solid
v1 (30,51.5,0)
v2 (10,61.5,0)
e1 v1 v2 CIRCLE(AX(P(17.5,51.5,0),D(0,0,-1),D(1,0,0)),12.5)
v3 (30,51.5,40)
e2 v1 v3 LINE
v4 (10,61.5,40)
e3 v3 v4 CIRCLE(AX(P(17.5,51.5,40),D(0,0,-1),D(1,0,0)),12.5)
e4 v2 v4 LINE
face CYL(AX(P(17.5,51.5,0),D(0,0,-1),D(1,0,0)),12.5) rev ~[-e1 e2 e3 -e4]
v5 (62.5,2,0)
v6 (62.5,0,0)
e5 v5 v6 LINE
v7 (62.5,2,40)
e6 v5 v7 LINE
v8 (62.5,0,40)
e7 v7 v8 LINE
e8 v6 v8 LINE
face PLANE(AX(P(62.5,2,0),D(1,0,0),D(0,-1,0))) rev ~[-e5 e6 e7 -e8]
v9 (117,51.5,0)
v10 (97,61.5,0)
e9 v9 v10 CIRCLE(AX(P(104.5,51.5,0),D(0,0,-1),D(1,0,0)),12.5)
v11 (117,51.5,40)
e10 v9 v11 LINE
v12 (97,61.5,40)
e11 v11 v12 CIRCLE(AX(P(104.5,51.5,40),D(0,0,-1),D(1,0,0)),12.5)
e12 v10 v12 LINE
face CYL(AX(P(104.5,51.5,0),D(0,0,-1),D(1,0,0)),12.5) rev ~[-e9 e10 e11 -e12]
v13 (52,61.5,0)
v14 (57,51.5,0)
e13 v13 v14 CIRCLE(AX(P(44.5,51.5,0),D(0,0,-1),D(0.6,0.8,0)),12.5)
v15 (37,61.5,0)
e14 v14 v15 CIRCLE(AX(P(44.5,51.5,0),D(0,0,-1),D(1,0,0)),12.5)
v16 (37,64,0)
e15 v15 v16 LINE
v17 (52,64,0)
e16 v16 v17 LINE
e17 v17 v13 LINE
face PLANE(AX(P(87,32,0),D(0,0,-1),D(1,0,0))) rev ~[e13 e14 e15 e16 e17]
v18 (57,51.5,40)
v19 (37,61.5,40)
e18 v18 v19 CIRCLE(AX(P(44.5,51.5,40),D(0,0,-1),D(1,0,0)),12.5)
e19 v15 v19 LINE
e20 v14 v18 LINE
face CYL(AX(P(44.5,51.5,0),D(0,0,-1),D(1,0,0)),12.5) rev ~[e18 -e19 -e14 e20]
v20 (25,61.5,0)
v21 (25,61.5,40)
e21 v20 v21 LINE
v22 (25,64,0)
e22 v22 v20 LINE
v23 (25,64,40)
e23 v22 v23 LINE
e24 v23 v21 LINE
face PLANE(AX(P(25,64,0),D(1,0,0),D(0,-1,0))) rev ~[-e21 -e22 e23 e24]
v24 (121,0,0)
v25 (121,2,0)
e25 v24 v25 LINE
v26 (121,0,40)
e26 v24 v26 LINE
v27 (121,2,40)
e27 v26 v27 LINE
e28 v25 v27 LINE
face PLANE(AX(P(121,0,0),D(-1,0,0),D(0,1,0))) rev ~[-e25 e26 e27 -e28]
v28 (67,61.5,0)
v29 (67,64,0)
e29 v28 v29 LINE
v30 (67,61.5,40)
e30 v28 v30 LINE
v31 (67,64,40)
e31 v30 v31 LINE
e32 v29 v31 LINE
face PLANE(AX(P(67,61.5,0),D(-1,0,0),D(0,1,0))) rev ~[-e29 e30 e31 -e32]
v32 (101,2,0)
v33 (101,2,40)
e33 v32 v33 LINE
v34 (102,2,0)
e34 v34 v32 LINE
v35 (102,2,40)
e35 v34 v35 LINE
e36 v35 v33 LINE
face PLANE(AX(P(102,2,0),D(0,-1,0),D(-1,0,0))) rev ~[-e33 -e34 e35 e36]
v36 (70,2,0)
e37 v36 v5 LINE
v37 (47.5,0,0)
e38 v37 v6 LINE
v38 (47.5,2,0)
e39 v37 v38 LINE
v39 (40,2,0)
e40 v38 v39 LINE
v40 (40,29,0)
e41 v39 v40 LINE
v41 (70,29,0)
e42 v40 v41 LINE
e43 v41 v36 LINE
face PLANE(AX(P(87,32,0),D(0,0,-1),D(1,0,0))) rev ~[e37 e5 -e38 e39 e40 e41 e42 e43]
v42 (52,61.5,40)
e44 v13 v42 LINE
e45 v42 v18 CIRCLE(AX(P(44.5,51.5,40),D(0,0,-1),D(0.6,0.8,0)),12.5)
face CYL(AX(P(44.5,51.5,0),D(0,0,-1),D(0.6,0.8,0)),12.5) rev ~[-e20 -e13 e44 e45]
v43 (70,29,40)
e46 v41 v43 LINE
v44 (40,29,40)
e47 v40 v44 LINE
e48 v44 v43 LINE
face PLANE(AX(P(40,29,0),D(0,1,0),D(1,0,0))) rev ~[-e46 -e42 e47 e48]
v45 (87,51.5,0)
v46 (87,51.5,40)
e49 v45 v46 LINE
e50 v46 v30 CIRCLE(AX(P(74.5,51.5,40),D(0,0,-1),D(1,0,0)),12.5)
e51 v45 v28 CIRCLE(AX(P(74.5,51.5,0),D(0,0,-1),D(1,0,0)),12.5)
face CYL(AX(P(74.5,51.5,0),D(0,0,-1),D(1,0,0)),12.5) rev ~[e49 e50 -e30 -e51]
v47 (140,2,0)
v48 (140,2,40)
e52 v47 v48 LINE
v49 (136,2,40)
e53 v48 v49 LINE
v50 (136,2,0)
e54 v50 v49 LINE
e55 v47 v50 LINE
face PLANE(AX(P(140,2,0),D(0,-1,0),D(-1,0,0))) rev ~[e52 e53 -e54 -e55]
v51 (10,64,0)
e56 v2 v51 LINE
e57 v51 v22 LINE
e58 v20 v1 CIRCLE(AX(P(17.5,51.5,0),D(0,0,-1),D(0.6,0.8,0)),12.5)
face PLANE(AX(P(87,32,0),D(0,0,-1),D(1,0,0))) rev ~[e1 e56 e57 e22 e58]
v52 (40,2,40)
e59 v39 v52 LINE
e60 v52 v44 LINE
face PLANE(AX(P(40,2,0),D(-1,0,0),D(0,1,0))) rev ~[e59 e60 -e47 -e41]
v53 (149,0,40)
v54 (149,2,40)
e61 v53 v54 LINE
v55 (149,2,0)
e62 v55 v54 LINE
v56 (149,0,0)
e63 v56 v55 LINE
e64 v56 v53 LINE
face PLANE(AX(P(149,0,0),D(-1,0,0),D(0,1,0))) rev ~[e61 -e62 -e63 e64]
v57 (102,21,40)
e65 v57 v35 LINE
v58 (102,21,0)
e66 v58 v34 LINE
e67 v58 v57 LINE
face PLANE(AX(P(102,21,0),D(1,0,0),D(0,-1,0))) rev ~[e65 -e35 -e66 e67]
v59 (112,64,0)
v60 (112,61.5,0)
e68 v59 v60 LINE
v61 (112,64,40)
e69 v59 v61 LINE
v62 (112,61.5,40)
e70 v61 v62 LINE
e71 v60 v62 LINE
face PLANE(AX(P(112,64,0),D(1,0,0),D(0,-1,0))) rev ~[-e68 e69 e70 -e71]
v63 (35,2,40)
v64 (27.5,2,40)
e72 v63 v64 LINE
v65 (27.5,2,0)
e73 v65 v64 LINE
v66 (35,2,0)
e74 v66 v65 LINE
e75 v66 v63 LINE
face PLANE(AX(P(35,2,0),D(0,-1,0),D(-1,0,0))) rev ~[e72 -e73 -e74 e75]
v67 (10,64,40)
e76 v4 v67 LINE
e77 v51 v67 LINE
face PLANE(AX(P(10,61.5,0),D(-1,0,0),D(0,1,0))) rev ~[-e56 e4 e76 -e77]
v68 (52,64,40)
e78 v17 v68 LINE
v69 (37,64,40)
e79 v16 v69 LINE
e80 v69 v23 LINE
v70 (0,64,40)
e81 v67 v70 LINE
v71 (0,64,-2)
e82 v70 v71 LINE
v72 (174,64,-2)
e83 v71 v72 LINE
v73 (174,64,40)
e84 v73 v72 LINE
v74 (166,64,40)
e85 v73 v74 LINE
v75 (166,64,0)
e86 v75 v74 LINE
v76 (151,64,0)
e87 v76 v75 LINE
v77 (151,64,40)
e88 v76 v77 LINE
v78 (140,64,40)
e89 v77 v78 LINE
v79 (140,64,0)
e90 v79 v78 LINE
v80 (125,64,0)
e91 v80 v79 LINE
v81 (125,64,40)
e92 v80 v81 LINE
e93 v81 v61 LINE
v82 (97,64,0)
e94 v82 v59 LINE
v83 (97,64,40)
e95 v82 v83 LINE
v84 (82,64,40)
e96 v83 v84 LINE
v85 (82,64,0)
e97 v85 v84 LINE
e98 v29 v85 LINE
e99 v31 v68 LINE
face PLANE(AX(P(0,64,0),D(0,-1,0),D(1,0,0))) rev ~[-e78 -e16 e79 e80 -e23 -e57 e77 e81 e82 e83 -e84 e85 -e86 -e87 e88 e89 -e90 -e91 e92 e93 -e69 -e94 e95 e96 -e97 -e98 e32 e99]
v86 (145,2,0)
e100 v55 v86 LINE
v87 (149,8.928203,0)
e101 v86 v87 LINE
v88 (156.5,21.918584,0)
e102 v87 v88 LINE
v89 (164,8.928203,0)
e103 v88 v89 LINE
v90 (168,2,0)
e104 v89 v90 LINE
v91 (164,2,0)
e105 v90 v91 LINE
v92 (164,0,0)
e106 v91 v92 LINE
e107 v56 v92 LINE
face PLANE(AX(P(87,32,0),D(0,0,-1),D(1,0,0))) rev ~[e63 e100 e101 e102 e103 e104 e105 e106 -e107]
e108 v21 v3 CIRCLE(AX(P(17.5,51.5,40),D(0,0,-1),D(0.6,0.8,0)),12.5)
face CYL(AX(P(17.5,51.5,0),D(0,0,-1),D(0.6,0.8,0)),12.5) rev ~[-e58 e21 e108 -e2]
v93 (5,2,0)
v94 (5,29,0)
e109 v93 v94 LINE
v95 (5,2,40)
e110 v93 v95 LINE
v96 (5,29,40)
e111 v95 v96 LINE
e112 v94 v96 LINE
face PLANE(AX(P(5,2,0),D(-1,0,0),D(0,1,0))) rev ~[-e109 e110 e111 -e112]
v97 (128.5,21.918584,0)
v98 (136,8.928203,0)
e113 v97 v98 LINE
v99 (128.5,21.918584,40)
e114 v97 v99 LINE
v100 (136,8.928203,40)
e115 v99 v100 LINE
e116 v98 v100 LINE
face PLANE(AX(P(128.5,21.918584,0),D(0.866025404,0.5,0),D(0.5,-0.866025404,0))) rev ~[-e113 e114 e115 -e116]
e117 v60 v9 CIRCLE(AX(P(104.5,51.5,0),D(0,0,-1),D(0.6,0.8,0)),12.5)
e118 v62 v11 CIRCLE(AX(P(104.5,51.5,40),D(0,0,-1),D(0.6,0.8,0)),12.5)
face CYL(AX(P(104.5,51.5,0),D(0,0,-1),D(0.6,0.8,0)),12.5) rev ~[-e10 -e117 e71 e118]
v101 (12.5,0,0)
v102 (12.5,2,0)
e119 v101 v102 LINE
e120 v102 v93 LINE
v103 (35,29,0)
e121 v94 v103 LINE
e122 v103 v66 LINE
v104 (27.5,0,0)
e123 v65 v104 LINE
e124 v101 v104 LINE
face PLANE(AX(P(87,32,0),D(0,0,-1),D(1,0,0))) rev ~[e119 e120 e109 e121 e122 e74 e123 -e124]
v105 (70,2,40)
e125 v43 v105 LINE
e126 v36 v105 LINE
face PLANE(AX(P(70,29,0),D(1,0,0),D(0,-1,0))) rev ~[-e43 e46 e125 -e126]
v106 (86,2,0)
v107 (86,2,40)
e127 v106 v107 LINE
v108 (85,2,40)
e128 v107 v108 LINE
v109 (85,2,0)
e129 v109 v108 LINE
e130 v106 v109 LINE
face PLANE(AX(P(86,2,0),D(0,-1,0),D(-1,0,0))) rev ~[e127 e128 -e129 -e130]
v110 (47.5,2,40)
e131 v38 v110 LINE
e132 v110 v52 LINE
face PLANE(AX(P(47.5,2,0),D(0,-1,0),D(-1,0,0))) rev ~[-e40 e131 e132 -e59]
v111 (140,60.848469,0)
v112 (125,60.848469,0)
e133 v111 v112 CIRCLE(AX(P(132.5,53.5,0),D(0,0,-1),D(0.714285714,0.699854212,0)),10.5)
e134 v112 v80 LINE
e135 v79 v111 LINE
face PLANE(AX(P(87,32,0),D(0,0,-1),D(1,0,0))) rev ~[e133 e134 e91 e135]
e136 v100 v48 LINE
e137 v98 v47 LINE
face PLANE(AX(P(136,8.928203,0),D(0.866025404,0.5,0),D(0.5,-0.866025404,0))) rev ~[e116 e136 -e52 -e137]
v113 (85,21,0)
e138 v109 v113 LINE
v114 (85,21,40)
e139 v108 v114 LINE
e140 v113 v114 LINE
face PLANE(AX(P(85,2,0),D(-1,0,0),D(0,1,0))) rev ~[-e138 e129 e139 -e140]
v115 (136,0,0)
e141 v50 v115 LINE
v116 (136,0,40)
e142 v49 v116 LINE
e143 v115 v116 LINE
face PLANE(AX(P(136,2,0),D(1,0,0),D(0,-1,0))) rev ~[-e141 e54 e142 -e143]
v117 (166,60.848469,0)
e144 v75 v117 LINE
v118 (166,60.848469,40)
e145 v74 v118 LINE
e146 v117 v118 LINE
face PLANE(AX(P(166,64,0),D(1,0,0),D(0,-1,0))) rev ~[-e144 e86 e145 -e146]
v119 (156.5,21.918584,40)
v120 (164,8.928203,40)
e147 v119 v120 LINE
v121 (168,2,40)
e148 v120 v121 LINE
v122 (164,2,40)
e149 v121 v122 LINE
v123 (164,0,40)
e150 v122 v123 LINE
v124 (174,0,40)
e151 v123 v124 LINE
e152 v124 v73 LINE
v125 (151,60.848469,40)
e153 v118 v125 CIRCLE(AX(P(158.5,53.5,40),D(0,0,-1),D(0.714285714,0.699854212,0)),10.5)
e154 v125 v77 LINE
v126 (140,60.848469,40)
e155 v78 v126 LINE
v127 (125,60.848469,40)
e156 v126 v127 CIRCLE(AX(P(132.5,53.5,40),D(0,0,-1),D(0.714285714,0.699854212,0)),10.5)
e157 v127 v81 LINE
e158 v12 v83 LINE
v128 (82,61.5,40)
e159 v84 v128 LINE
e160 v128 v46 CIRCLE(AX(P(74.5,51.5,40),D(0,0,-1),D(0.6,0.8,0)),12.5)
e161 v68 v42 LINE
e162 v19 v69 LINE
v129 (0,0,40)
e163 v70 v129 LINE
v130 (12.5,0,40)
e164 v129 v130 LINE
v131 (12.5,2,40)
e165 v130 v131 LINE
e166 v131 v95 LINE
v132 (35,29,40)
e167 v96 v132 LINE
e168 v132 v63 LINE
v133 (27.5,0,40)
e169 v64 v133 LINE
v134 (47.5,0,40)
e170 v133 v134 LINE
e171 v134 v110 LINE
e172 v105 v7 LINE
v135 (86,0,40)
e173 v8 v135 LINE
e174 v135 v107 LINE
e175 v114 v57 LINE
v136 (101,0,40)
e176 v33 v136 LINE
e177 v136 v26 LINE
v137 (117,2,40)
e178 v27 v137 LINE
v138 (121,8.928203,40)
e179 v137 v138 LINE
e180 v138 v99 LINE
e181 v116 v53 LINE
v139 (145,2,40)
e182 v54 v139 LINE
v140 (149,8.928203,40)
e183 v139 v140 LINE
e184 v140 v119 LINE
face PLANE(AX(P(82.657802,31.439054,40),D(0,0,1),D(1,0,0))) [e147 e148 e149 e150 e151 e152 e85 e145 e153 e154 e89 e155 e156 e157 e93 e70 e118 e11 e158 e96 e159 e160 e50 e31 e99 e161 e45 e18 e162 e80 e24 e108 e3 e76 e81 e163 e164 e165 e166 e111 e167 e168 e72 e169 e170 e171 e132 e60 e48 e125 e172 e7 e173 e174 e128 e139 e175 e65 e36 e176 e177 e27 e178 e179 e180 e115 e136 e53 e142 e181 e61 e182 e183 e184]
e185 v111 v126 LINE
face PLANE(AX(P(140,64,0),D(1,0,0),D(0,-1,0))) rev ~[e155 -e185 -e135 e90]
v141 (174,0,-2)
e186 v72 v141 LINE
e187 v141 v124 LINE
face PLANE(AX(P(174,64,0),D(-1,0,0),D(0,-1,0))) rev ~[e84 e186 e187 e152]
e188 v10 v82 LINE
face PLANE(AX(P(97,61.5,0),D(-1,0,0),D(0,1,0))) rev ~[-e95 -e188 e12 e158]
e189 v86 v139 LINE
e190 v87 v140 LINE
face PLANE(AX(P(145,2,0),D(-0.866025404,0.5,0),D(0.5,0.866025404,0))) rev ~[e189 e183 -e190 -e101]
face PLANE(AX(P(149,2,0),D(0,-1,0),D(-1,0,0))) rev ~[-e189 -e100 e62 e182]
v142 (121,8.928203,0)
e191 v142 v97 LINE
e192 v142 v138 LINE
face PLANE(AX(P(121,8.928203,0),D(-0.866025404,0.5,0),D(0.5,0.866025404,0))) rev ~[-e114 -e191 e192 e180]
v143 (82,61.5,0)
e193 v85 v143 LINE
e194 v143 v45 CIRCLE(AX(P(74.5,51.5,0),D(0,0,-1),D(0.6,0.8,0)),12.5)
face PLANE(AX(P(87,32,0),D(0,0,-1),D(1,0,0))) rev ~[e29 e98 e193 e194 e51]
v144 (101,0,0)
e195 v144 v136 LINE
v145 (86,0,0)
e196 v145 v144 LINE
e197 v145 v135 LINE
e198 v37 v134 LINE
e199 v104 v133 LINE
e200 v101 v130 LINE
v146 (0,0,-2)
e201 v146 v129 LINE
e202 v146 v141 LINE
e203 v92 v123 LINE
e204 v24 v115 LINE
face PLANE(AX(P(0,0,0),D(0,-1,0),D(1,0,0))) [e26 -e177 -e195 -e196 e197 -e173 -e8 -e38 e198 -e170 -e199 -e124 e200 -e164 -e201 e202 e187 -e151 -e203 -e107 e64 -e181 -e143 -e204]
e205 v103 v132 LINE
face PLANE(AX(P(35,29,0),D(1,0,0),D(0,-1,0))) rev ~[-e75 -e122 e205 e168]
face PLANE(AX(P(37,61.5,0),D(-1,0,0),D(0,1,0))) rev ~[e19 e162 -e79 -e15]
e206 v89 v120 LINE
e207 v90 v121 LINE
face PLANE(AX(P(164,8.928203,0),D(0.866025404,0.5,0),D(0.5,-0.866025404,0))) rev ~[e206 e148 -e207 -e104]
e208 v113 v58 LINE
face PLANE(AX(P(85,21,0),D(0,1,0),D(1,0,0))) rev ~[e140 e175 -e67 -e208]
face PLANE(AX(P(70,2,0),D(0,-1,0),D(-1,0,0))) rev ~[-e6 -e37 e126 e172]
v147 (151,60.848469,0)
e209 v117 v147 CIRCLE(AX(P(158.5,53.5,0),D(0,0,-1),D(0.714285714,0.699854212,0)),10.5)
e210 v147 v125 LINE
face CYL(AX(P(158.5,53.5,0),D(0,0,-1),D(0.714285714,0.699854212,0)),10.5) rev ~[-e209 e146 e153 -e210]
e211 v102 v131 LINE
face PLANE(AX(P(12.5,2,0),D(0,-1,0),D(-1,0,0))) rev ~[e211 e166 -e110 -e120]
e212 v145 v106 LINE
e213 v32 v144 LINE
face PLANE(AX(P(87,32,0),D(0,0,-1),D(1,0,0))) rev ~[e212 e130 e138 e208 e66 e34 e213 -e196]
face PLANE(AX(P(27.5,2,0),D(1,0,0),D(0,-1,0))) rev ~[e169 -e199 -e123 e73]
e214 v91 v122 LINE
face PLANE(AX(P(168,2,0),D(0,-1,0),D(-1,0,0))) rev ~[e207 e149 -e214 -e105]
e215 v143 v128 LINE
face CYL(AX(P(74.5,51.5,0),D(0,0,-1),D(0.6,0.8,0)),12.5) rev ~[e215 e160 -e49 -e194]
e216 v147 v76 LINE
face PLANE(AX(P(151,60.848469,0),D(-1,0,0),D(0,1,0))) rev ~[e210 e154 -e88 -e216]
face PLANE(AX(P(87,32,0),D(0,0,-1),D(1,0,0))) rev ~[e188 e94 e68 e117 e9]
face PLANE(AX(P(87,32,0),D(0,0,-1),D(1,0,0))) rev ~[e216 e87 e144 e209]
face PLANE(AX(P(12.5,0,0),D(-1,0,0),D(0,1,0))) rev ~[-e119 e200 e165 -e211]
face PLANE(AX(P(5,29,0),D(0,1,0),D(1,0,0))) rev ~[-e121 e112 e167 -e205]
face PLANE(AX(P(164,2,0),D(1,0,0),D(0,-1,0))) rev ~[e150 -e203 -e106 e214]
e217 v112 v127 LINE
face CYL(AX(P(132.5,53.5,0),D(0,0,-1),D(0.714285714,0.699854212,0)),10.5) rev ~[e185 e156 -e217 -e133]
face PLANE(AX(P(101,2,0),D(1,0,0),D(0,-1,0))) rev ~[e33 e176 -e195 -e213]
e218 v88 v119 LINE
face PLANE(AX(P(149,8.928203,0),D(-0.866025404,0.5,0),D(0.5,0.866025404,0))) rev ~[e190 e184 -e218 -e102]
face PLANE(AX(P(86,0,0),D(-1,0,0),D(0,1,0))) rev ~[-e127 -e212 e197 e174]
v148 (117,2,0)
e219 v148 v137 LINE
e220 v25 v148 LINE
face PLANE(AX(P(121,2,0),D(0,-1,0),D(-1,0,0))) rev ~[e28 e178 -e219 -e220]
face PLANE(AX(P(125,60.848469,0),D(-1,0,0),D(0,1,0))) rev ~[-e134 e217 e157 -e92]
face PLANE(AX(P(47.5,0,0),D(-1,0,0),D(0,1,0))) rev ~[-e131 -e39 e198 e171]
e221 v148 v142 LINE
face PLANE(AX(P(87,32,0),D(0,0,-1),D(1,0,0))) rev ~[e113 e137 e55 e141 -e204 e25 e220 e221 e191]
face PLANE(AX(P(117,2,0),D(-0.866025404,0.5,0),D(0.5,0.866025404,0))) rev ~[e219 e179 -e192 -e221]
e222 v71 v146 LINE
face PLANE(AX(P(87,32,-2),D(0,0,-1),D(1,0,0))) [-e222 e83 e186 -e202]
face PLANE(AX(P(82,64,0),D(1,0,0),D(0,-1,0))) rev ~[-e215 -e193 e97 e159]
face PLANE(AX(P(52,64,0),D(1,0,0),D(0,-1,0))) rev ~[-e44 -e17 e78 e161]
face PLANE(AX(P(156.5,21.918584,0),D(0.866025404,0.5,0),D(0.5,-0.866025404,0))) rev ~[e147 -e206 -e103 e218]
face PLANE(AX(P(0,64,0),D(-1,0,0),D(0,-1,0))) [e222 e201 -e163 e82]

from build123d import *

# Parameters (mm, degrees)
F1_DEPTH = 40
F2_W     = 174
F2_H     = 64
F3_DEPTH = 2


with BuildPart() as f1:
    # F0 (on Top) → F1 (new body)
    with BuildSketch(Plane.XY):
        with BuildLine():
            Line((0, 64), (0, 0))
            Line((0, 0), (12.5, 0))
            Line((12.5, 0), (12.5, 2))
            Line((12.5, 2), (5, 2))
            Line((5, 2), (5, 29))
            Line((5, 29), (35, 29))
            Line((35, 29), (35, 2))
            Line((35, 2), (27.5, 2))
            Line((27.5, 2), (27.5, 0))
            Line((27.5, 0), (47.5, 0))
            Line((47.5, 0), (47.5, 2))
            Line((47.5, 2), (40, 2))
            Line((40, 2), (40, 29))
            Line((40, 29), (70, 29))
            Line((70, 29), (70, 2))
            Line((70, 2), (62.5, 2))
            Line((62.5, 2), (62.5, 0))
            Line((62.5, 0), (86, 0))
            Line((86, 0), (86, 2))
            Line((86, 2), (85, 2))
            Line((85, 2), (85, 21))
            Line((85, 21), (102, 21))
            Line((102, 21), (102, 2))
            Line((102, 2), (101, 2))
            Line((101, 2), (101, 0))
            Line((101, 0), (121, 0))
            Line((121, 0), (121, 2))
            Line((121, 2), (117, 2))
            Line((117, 2), (121, 8.9282032303))
            Line((121, 8.9282032303), (128.5, 21.918584287))
            Line((128.5, 21.918584287), (136, 8.9282032303))
            Line((136, 8.9282032303), (140, 2))
            Line((140, 2), (136, 2))
            Line((136, 2), (136, 0))
            Line((136, 0), (149, 0))
            Line((149, 0), (149, 2))
            Line((149, 2), (145, 2))
            Line((145, 2), (149, 8.9282032303))
            Line((149, 8.9282032303), (156.5, 21.918584287))
            Line((156.5, 21.918584287), (164, 8.9282032303))
            Line((164, 8.9282032303), (168, 2))
            Line((168, 2), (164, 2))
            Line((164, 2), (164, 0))
            Line((164, 0), (174, 0))
            Line((174, 0), (174, 64))
            Line((174, 64), (166, 64))
            Line((166, 64), (166, 60.8484692283))
            ThreePointArc((166, 60.8484692283), (168.2211110476, 57.4686269666), (169, 53.5))
            ThreePointArc((169, 53.5), (154.5313730334, 43.7788889524), (151, 60.8484692283))
            Line((151, 60.8484692283), (151, 64))
            Line((151, 64), (140, 64))
            Line((140, 64), (140, 60.8484692283))
            ThreePointArc((140, 60.8484692283), (142.2211110476, 57.4686269666), (143, 53.5))
            ThreePointArc((143, 53.5), (128.5313730334, 43.7788889524), (125, 60.8484692283))
            Line((125, 60.8484692283), (125, 64))
            Line((125, 64), (112, 64))
            Line((112, 64), (112, 61.5))
            ThreePointArc((112, 61.5), (115.6803398875, 57.0901699437), (117, 51.5))
            ThreePointArc((117, 51.5), (98.9098300563, 40.3196601125), (97, 61.5))
            Line((97, 61.5), (97, 64))
            Line((97, 64), (82, 64))
            Line((82, 64), (82, 61.5))
            ThreePointArc((82, 61.5), (85.6803398875, 57.0901699437), (87, 51.5))
            ThreePointArc((87, 51.5), (68.9098300563, 40.3196601125), (67, 61.5))
            Line((67, 61.5), (67, 64))
            Line((67, 64), (52, 64))
            Line((52, 64), (52, 61.5))
            ThreePointArc((52, 61.5), (55.6803398875, 57.0901699437), (57, 51.5))
            ThreePointArc((57, 51.5), (38.9098300563, 40.3196601125), (37, 61.5))
            Line((37, 61.5), (37, 64))
            Line((37, 64), (25, 64))
            Line((25, 64), (25, 61.5))
            ThreePointArc((25, 61.5), (28.6803398875, 57.0901699437), (30, 51.5))
            ThreePointArc((30, 51.5), (11.9098300563, 40.3196601125), (10, 61.5))
            Line((10, 61.5), (10, 64))
            Line((10, 64), (0, 64))
        make_face()
    extrude(amount=F1_DEPTH)

    # F2 (on face) → F3 (join)
    with BuildSketch(Plane(origin=(0, 0, 0), x_dir=(1, 0, 0), z_dir=(0, 0, -1))):
        with Locations((87, -32)):
            Rectangle(F2_W, F2_H)
    extrude(amount=F3_DEPTH)


solid = f1.part
